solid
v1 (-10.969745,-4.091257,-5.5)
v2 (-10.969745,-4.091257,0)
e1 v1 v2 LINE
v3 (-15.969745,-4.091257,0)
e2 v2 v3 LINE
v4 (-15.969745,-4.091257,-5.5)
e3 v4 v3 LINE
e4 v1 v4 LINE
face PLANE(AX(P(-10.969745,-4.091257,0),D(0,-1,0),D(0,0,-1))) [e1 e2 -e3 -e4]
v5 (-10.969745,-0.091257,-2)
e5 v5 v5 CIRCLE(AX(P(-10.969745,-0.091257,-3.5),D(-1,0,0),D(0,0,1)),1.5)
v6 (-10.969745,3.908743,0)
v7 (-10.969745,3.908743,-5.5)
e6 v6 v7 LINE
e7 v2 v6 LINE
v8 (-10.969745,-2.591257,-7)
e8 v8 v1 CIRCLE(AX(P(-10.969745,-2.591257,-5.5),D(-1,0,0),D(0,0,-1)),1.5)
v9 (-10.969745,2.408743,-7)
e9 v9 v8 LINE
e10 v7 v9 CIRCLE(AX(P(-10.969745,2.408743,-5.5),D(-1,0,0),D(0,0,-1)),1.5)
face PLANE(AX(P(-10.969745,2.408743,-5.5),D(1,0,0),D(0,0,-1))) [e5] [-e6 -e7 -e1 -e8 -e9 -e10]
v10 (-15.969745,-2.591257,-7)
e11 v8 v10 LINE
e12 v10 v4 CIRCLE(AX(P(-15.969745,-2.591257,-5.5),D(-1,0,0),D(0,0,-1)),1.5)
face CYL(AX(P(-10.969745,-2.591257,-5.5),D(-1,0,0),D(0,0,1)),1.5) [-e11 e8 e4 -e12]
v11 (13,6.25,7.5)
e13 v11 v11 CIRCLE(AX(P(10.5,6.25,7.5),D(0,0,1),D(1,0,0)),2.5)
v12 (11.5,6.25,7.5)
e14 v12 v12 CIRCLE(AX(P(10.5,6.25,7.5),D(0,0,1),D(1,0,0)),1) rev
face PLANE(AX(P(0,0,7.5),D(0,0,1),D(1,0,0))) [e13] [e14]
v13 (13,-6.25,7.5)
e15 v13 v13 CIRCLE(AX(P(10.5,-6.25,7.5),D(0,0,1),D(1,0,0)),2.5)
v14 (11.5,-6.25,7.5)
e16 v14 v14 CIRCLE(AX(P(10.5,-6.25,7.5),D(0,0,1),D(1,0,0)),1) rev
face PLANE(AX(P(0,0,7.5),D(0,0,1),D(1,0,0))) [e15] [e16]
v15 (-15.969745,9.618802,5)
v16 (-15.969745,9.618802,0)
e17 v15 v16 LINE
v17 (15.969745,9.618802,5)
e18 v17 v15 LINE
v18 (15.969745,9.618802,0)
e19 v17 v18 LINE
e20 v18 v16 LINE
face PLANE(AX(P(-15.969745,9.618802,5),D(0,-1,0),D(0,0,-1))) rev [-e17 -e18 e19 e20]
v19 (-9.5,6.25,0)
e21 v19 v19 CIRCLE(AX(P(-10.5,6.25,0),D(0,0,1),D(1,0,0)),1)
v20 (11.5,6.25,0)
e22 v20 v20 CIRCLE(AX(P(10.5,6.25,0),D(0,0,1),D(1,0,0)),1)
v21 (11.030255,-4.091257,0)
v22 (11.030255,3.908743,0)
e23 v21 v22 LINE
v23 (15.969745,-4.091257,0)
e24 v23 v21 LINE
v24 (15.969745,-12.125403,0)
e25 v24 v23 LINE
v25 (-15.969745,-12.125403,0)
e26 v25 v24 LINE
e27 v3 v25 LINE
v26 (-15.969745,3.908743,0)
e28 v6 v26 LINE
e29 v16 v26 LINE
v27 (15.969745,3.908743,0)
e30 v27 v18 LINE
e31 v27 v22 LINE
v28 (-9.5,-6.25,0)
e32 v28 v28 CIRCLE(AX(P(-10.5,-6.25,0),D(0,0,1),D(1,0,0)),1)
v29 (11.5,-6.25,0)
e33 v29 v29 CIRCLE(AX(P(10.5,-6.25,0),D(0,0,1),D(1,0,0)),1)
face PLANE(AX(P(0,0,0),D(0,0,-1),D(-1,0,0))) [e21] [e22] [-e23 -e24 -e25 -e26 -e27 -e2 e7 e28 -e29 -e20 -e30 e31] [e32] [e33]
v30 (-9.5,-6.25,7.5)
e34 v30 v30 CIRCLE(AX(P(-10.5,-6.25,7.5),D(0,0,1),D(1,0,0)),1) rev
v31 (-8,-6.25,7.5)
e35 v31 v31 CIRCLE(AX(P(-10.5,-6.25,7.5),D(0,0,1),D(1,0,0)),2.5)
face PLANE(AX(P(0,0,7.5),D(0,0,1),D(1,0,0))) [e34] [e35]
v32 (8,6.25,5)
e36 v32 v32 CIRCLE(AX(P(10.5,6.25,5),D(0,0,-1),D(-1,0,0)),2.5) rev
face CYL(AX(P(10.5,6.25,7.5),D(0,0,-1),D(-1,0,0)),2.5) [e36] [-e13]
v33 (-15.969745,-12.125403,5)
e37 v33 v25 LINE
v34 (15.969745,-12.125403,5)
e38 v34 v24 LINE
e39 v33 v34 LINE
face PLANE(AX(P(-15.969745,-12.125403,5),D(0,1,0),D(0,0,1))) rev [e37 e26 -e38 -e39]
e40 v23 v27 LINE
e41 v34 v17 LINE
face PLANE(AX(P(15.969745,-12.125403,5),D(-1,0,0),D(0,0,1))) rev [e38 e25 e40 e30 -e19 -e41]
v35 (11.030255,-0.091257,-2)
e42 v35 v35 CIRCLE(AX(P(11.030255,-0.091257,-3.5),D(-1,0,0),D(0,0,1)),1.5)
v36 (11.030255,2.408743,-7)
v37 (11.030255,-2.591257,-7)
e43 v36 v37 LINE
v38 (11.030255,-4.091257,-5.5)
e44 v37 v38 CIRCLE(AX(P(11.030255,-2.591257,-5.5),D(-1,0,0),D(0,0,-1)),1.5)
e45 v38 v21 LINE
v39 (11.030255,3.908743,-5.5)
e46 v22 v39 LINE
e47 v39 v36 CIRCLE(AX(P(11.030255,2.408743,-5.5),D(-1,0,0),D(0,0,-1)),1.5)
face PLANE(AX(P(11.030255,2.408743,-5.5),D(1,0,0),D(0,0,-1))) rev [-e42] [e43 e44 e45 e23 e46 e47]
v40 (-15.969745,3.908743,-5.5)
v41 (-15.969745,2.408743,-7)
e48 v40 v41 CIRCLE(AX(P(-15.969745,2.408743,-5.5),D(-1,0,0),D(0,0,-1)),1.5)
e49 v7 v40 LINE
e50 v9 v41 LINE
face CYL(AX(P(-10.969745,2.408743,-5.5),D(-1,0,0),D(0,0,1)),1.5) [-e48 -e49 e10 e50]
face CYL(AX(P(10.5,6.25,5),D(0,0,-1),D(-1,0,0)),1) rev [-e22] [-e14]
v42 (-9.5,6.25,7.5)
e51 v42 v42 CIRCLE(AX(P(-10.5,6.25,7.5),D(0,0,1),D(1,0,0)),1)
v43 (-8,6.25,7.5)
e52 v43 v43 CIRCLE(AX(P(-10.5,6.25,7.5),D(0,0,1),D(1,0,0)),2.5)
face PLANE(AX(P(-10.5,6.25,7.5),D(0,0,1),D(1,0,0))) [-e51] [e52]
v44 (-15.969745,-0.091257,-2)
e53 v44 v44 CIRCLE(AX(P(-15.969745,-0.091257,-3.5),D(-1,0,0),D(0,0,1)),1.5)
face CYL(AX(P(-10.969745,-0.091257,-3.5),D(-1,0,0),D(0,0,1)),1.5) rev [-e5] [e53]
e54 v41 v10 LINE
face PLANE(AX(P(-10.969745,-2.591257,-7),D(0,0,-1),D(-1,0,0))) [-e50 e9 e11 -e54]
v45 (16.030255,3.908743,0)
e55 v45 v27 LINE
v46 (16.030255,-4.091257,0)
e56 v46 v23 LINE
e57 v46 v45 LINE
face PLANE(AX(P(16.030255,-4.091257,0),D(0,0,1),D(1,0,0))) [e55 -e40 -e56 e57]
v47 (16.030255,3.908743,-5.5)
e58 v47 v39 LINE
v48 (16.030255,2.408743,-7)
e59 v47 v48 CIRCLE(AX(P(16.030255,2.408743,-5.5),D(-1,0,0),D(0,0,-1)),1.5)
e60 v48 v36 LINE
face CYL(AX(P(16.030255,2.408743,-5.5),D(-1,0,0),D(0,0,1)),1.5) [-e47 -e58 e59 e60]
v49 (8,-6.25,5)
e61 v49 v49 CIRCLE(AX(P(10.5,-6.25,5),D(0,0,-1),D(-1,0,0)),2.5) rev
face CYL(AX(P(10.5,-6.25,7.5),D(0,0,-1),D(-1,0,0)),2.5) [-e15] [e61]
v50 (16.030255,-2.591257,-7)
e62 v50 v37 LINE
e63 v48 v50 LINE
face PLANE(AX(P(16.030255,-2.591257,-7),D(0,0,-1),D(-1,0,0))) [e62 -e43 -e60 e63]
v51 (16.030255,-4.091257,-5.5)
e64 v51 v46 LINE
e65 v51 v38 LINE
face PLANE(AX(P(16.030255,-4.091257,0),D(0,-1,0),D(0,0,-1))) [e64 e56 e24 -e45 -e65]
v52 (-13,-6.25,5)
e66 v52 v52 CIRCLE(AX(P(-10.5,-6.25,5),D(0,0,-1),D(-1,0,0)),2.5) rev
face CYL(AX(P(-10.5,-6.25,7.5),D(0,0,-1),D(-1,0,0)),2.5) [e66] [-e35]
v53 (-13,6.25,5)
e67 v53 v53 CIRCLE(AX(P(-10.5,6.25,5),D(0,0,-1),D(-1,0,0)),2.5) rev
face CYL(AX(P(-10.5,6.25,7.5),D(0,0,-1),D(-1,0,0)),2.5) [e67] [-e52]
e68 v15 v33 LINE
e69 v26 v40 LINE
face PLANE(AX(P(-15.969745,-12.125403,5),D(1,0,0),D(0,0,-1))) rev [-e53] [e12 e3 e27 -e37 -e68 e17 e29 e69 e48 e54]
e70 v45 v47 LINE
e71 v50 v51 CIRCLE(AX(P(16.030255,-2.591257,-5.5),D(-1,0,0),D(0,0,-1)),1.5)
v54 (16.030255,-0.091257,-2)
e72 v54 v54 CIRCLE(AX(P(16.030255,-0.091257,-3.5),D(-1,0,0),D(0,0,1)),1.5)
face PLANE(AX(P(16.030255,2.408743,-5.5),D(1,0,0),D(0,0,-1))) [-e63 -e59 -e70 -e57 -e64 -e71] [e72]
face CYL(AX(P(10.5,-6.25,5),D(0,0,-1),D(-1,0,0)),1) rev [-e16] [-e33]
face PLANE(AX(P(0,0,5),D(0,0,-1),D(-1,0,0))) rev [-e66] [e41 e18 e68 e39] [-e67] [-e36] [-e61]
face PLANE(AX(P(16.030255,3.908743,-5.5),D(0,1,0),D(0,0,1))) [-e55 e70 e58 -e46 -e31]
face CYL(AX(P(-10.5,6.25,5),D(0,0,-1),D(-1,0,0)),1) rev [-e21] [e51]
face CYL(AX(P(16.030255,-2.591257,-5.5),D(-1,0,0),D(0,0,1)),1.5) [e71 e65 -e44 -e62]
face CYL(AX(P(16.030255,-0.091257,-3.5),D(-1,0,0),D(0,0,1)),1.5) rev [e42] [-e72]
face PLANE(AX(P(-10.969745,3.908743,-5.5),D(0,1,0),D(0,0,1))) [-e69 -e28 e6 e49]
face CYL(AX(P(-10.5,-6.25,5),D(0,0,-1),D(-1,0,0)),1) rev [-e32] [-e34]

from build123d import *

# Parameters (mm, degrees)
ESQUISSE1_W                = 31.939489742
ESQUISSE1_H                = 21.744204364
ESQUISSE1_R                = 1
BOSS_EXTRU_1_DEPTH         = 5
ESQUISSE2_R                = 2.5
ESQUISSE2_R_2              = 1
BOSS_EXTRU_2_DEPTH         = 2.5
ESQUISSE4_R                = 1.5
BOSS_EXTRU_3_DEPTH         = 5
R_P_TITION_LIN_AIRE1_COUNT = 2
R_P_TITION_LIN_AIRE1_PITCH = 27


with BuildPart() as part:
    # Esquisse1 → Boss.-Extru.1 (new body)
    with BuildSketch(Plane.XY):
        with Locations((0, -1.253300442)):
            Rectangle(ESQUISSE1_W, ESQUISSE1_H)
        with Locations((10.5, 6.25)):
            Circle(ESQUISSE1_R, mode=Mode.SUBTRACT)
        with Locations((10.5, -6.25)):
            Circle(ESQUISSE1_R, mode=Mode.SUBTRACT)
        with Locations((-10.5, -6.25)):
            Circle(ESQUISSE1_R, mode=Mode.SUBTRACT)
        with Locations((-10.5, 6.25)):
            Circle(ESQUISSE1_R, mode=Mode.SUBTRACT)
    extrude(amount=BOSS_EXTRU_1_DEPTH)

    # Esquisse2 → Boss.-Extru.2 (add)
    # profile 1 of 4: a face of its own
    with BuildSketch(Plane.XY.offset(5)):
        with Locations(Location((-10.5, 6.25, 0), (0, 0, 180))):
            Circle(ESQUISSE2_R)
        with Locations((-10.5, 6.25)):
            Circle(ESQUISSE2_R_2, mode=Mode.SUBTRACT)
    # profile 2 of 4: a face of its own
    with BuildSketch(Plane.XY.offset(5)):
        with Locations(Location((10.5, 6.25, 0), (0, 0, 180))):
            Circle(ESQUISSE2_R)
        with Locations((10.5, 6.25)):
            Circle(ESQUISSE2_R_2, mode=Mode.SUBTRACT)
    # profile 3 of 4: a face of its own
    with BuildSketch(Plane.XY.offset(5)):
        with Locations(Location((10.5, -6.25, 0), (0, 0, 180))):
            Circle(ESQUISSE2_R)
        with Locations((10.5, -6.25)):
            Circle(ESQUISSE2_R_2, mode=Mode.SUBTRACT)
    # profile 4 of 4: a face of its own
    with BuildSketch(Plane.XY.offset(5)):
        with Locations(Location((-10.5, -6.25, 0), (0, 0, 180))):
            Circle(ESQUISSE2_R)
        with Locations((-10.5, -6.25)):
            Circle(ESQUISSE2_R_2, mode=Mode.SUBTRACT)
    extrude(amount=BOSS_EXTRU_2_DEPTH)

    # Esquisse4 → Boss.-Extru.3 (add)
    with BuildSketch(Plane.ZY.offset(15.969744871)):
        with BuildLine():
            Line((0, -4.091257207), (-5.5, -4.091257207))
            ThreePointArc((-5.5, -4.091257207), (-6.560660172, -3.651917379), (-7, -2.591257207))
            Line((-7, -2.591257207), (-7, 2.408742793))
            ThreePointArc((-7, 2.408742793), (-6.560660172, 3.469402965), (-5.5, 3.908742793))
            Line((-5.5, 3.908742793), (0, 3.908742793))
            Line((0, 3.908742793), (0, -4.091257207))
        make_face()
        with Locations((-3.5, -0.091257207)):
            Circle(ESQUISSE4_R, mode=Mode.SUBTRACT)
    boss_extru_3 = extrude(amount=-BOSS_EXTRU_3_DEPTH)

    # Répétition linéaire1: Boss.-Extru.3 ×2
    with Locations(*[(i * R_P_TITION_LIN_AIRE1_PITCH, 0, 0) for i in range(1, R_P_TITION_LIN_AIRE1_COUNT)]):
        add(boss_extru_3)


solid = part.part
